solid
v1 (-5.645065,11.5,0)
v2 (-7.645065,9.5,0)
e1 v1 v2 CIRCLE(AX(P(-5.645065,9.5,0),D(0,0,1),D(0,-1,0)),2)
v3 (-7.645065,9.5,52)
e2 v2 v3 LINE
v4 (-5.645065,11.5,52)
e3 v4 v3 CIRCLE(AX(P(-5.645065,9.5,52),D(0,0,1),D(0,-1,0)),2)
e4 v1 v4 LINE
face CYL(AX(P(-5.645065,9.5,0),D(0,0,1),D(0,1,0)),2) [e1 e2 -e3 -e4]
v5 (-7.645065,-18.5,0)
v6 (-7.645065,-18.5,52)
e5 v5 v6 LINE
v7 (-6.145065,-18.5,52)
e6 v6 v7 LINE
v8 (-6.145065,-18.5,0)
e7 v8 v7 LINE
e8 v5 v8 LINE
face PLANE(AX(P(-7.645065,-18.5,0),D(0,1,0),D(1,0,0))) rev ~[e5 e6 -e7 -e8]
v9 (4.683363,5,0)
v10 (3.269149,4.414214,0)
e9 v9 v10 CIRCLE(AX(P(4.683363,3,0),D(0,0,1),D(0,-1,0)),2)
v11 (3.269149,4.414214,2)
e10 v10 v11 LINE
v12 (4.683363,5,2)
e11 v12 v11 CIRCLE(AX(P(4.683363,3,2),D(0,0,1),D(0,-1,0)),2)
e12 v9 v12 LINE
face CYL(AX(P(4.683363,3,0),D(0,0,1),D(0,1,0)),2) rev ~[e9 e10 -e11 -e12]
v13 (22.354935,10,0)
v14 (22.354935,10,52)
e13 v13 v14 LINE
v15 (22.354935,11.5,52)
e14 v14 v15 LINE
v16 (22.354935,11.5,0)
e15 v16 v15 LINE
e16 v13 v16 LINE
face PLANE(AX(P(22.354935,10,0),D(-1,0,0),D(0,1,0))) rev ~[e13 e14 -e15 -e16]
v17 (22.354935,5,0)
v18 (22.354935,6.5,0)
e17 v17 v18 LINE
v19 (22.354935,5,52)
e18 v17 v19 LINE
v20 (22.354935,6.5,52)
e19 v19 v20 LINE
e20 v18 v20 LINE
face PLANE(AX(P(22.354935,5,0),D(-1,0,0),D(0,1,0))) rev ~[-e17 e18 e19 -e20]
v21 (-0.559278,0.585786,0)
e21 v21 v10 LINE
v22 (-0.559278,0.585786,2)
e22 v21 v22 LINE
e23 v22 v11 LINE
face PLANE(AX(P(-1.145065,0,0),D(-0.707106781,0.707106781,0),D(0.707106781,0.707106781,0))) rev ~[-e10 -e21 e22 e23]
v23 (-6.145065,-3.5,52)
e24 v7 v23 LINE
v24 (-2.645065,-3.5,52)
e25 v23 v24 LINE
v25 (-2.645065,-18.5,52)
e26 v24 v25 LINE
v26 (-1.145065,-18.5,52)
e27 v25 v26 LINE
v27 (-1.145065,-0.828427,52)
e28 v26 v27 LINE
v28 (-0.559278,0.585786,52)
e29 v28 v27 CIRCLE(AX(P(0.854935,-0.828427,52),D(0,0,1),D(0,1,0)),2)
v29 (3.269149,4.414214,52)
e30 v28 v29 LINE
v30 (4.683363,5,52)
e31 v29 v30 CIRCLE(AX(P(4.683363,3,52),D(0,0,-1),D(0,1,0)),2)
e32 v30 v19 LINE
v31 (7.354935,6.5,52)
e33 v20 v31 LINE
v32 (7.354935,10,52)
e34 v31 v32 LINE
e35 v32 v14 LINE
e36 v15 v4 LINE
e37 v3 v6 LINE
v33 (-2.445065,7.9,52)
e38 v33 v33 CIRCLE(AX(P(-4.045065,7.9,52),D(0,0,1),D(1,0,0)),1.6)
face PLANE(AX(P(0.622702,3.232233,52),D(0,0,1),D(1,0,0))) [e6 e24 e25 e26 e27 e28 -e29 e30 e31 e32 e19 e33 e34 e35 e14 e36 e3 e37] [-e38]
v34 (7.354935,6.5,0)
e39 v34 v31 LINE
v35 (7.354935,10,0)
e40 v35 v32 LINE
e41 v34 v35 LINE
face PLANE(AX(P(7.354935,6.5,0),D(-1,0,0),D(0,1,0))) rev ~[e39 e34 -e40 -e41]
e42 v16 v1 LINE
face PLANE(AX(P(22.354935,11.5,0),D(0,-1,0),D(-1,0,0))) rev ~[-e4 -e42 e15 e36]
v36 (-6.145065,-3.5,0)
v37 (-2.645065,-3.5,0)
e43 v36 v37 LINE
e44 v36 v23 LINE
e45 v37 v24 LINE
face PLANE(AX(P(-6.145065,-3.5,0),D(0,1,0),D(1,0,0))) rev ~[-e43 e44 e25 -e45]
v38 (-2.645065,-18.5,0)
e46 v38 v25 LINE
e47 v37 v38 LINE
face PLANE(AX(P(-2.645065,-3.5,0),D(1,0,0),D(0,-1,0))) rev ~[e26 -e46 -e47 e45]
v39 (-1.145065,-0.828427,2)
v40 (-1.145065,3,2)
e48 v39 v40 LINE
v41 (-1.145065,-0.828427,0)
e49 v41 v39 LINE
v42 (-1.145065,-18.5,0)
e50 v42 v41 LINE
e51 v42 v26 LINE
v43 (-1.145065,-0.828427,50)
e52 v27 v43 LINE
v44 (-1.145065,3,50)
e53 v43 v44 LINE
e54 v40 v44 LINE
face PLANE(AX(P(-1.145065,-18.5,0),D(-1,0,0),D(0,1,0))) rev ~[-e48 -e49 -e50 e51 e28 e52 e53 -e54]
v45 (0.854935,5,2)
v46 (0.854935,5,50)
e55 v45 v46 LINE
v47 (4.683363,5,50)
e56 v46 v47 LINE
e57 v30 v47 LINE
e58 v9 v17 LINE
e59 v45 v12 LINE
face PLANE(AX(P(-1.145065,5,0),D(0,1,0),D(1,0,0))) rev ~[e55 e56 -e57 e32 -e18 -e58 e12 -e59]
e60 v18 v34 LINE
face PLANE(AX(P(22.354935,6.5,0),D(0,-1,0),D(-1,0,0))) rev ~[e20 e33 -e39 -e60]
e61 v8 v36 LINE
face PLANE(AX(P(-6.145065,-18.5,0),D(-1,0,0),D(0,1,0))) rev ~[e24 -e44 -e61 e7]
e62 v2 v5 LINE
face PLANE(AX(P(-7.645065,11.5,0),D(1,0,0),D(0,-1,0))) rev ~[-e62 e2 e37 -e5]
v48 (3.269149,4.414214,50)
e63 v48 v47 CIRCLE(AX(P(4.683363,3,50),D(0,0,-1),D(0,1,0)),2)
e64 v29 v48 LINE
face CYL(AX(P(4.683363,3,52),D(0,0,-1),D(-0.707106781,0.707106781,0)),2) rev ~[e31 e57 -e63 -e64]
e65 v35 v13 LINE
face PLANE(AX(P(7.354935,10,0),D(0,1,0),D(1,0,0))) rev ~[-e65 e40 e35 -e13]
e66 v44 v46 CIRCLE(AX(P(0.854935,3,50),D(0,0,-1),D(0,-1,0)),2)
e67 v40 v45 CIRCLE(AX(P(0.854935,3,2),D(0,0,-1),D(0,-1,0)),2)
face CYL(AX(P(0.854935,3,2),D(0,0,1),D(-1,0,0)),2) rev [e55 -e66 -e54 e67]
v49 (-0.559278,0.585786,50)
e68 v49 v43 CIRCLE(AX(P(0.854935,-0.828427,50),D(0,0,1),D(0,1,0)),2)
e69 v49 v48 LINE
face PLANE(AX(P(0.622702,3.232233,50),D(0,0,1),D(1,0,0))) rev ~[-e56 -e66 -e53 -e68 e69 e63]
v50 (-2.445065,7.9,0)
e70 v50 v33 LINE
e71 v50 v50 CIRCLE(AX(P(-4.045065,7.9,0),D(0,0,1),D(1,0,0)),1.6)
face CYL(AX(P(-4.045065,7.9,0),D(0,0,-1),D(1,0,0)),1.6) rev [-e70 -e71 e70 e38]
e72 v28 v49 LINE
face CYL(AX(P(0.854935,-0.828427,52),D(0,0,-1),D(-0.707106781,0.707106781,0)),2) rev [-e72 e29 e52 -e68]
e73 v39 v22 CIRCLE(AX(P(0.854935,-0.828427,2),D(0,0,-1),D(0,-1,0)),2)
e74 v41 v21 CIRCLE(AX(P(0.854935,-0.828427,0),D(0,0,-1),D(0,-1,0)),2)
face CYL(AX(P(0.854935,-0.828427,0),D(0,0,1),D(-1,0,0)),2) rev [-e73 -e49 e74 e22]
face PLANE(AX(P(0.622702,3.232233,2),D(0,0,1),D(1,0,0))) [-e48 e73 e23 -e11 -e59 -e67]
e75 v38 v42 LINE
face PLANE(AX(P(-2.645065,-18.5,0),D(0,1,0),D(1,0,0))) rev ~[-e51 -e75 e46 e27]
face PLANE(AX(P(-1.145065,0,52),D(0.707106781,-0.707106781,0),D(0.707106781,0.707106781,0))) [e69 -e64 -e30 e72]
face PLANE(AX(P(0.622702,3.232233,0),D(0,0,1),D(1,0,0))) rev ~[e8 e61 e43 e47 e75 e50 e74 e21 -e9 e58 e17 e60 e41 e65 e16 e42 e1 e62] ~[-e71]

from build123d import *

# Parameters (mm, degrees)
F0_R     = 1.6
F1_DEPTH = 52
F2_DEPTH = 2
F4_DEPTH = 2
F5_R     = 2


with BuildPart() as f1:
    # F0 (on Top) → F1 (new body)
    with BuildSketch(Plane.XY):
        Polygon((22.3549354323, 10), (22.3549354323, 11.5), (-7.6450645677, 11.5), (-7.6450645677, -18.5), (-6.1450645677, -18.5), (-6.1450645677, -3.5), (-2.6450645677, -3.5), (-2.6450645677, -18.5), (-1.1450645677, -18.5), (-1.1450645677, 0), (-1.1450645677, 5), (3.8549354323, 5), (22.3549354323, 5), (22.3549354323, 6.5), (7.3549354323, 6.5), (7.3549354323, 10), align=None)
        with Locations((-4.0450645677, 7.9)):
            Circle(F0_R, mode=Mode.SUBTRACT)
    extrude(amount=F1_DEPTH)

    # F0 (on Top) → F2 (join)
    with BuildSketch(Plane.XY):
        Polygon((-1.1450645677, 0), (3.8549354323, 5), (-1.1450645677, 5), align=None)
    extrude(amount=F2_DEPTH)

    # F3 (on face) → F4 (join)
    with BuildSketch(Plane.XY.offset(52)):
        Polygon((-1.1450645677, 0), (3.8549354323, 5), (-1.1450645677, 5), align=None)
    extrude(amount=-F4_DEPTH)

    # F5
    f5_edges = [f1.edges().sort_by_distance(p)[0] for p in [
        (-1.145065, 5, 26),
        (3.854935, 5, 1),
        (-1.145065, 0, 1),
        (-1.145065, 0, 51),
        (3.854935, 5, 51),
        (-7.645065, 11.5, 26),
    ]]
    fillet(f5_edges, radius=F5_R)


solid = f1.part
